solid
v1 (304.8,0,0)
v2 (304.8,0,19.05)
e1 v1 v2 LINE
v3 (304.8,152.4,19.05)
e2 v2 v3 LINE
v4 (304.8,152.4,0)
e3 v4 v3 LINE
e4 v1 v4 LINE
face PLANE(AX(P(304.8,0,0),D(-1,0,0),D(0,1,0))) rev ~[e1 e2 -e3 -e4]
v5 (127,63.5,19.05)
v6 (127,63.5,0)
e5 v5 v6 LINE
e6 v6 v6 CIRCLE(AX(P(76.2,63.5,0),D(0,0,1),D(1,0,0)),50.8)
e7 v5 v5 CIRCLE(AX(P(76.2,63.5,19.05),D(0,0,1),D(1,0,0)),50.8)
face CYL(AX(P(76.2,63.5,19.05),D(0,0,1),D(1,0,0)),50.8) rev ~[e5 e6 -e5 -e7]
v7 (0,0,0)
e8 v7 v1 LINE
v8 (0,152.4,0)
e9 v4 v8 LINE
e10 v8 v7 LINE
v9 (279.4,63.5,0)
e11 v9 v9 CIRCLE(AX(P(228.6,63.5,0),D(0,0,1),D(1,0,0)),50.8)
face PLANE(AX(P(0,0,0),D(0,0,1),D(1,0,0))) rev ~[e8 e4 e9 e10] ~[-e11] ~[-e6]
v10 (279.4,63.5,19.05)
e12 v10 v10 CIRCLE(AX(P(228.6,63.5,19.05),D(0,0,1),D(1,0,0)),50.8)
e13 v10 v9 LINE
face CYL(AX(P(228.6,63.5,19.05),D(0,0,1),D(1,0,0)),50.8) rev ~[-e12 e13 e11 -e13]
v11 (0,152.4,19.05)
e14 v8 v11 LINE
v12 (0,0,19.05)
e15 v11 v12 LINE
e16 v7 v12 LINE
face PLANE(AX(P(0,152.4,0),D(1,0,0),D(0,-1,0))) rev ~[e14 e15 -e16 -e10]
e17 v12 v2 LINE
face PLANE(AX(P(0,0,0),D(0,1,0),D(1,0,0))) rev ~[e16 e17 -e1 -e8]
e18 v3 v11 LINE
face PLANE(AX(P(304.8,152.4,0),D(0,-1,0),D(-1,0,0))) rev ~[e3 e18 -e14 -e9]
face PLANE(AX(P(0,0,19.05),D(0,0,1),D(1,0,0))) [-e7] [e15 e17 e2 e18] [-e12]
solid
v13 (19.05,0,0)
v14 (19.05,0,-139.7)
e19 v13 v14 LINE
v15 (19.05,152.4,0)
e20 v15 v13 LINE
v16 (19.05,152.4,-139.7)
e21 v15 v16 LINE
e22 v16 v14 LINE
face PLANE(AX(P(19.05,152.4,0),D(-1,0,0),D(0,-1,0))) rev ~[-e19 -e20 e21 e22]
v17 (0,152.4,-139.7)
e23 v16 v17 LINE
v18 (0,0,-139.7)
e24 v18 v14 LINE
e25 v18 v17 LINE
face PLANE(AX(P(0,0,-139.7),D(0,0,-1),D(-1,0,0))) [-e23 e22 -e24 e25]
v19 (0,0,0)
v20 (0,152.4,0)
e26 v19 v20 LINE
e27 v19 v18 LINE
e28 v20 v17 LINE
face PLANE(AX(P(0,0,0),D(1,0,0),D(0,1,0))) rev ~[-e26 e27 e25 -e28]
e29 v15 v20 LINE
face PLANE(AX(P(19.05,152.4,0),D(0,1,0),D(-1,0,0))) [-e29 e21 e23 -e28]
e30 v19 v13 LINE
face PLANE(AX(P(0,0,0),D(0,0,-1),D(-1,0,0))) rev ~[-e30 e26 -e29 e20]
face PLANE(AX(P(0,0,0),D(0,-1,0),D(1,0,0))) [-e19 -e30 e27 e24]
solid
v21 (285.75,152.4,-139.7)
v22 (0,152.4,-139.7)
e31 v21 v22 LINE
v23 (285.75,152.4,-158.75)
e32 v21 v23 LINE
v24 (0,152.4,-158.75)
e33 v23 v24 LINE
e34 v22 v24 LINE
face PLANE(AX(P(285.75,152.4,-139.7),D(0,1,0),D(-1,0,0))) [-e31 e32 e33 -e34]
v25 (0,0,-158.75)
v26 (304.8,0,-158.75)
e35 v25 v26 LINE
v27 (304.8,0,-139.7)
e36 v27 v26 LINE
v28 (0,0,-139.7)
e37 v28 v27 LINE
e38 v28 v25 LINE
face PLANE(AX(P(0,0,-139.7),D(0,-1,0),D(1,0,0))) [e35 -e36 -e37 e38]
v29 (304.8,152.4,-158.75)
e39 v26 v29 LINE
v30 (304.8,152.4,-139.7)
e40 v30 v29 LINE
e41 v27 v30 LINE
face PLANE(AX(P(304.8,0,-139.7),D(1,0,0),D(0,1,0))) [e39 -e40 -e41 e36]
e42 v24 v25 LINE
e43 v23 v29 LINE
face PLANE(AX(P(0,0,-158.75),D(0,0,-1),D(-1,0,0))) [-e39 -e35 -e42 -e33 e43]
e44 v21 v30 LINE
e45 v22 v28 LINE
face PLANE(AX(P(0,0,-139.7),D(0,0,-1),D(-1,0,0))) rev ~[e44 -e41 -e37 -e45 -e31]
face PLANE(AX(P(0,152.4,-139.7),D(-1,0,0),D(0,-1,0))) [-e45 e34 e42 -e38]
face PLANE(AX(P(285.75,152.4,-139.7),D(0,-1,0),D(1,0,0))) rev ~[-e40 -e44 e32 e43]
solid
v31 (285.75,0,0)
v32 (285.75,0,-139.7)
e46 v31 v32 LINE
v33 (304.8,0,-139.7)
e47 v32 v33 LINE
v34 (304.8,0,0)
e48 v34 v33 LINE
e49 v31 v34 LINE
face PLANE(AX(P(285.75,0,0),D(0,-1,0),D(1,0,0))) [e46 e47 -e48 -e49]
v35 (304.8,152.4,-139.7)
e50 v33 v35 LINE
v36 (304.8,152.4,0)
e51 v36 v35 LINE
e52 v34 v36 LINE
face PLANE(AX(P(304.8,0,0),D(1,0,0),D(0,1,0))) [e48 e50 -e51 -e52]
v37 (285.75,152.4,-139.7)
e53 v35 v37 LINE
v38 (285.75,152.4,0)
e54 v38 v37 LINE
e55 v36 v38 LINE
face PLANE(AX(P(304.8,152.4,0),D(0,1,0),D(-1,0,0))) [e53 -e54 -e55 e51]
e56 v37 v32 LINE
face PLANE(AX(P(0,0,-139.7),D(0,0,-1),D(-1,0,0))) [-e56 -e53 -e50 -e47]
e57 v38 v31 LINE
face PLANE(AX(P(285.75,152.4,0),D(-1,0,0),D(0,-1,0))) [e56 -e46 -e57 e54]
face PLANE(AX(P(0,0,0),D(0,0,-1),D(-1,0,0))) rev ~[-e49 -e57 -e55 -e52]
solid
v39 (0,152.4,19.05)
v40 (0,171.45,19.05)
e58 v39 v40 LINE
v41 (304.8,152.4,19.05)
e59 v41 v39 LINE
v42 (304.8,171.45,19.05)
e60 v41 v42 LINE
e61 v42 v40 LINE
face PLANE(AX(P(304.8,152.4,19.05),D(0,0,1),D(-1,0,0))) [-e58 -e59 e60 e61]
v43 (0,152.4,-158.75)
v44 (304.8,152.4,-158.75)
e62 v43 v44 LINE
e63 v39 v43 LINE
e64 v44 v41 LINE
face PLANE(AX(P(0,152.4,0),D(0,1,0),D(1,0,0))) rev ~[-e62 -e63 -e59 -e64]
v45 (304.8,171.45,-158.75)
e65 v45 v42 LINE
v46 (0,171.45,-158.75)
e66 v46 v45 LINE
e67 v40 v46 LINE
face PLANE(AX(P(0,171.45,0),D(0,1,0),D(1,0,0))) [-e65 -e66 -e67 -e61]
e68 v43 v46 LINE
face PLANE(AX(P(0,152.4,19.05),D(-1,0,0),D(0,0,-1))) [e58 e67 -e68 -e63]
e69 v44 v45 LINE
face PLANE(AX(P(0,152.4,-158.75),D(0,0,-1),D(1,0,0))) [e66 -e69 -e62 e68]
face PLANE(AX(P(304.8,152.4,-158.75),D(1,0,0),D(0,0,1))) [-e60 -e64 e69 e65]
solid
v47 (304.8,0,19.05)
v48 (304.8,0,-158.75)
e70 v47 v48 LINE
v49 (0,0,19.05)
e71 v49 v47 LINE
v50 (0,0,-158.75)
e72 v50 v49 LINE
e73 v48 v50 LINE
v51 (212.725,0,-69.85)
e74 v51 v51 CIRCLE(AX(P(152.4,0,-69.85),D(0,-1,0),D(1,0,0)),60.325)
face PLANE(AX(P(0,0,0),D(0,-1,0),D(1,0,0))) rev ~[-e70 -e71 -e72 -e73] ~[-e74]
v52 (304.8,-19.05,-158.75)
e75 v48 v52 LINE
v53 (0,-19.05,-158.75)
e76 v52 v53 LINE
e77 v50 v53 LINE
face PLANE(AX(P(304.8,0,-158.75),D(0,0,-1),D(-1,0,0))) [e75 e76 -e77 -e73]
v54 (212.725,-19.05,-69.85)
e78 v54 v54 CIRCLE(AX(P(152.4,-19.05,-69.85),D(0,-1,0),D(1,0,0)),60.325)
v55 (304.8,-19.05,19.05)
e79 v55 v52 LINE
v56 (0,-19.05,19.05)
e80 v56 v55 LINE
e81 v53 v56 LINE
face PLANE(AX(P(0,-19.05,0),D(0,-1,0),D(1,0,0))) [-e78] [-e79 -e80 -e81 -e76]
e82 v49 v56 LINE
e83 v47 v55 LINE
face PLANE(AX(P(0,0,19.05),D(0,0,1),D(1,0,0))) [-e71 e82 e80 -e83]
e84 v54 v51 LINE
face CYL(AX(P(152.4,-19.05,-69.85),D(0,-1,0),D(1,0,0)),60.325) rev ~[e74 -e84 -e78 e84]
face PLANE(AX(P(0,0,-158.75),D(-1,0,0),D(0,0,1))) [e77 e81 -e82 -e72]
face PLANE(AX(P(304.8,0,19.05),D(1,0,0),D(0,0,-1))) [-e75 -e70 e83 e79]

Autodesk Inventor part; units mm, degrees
ref_plane "YZ Plane" through (0, 0, 0) normal (1, 0, 0) x (0, 1, 0)
ref_plane "XZ Plane" through (0, 0, 0) normal (0, 1, 0) x (-1, 0, 0)
ref_plane "XY Plane" through (0, 0, 0) normal (0, 0, 1) x (1, 0, 0)
sketch "Sketch3" plane through (0, 0, 0) normal (0, 0, 1) x (1, 0, 0)
  line L0 (0, 0) -> (304.8, 0)
  line L1 (304.8, 0) -> (304.8, 152.4)
  line L2 (304.8, 152.4) -> (0, 152.4)
  line L3 (0, 152.4) -> (0, 0)
  dimension "d12" = 304.8
  dimension "d13" = 152.4
extrude "Extrusion3" add sketch "Sketch3" along normal blind 19.05
sketch "Sketch4" plane through (0, 0, 19.05) normal (0, 0, 1) x (1, 0, 0)
  circle A0 centre (76.2, 63.5) radius 50.8
  circle A1 centre (228.6, 63.5) radius 50.8
  line L0 (0, 152.4) -> (0, 0) projected
  line L1 (304.8, 152.4) -> (0, 152.4) projected
  line L2 (304.8, 0) -> (304.8, 152.4) projected
  dimension "d16" = 101.6
  dimension "d17" = 101.6
  dimension "d18" = 76.2
  dimension "d19" = 88.9
  dimension "d20" = 88.9
  dimension "d21" = 76.2
extrude "Extrusion4" cut sketch "Sketch4" against normal blind 25.4
sketch "Sketch5" plane through (0, 152.4, 0) normal (0, 1, 0) x (1, 0, 0)
  line L0 (304.8, -19.05) -> (0, -19.05) projected
  line L1 (304.8, -19.05) -> (0, -19.05)
  line L2 (0, -19.05) -> (0, 158.75)
  line L3 (0, 158.75) -> (304.8, 158.75)
  line L4 (304.8, 158.75) -> (304.8, -19.05)
  point P0 (0, 0)
  dimension "d24" = 177.8
extrude "Extrusion5" add sketch "Sketch5" along normal blind 19.05 separate body
sketch "Sketch6" plane through (0, 0, 0) normal (0, -1, 0) x (1, 0, 0)
  line L0 (0, -158.75) -> (0, 19.05) projected
  line L1 (304.8, 19.05) -> (304.8, -158.75) projected
  line L2 (0, 19.05) -> (304.8, 19.05)
  line L3 (304.8, 19.05) -> (304.8, -158.75)
  line L4 (304.8, -158.75) -> (0, -158.75)
  line L5 (0, -158.75) -> (0, 19.05)
  point P0 (0, 0)
extrude "Extrusion6" add sketch "Sketch6" along normal blind 19.05 separate body
sketch "Sketch7" plane through (0, -19.05, 0) normal (0, -1, 0) x (1, 0, 0)
  circle A0 centre (152.4, -69.85) radius 60.325
  line L0 (0, 19.05) -> (0, -158.75) projected
  line L1 (304.8, -158.75) -> (0, -158.75) projected
  point P0 (0, 0)
  dimension "d29" = 120.65
  dimension "d30" = 152.4
  dimension "d31" = 88.9
extrude "Extrusion7" cut sketch "Sketch7" against normal blind 25.4 bodies 3
sketch "Sketch8" plane through (0, 0, 0) normal (0, 0, -1) x (-1, 0, 0)
  line L0 (-304.8, 152.4) -> (0, 152.4) projected
  line L1 (0, 0) -> (-304.8, 0) projected
  line L2 (0, 152.4) -> (-19.05, 152.4)
  line L3 (-19.05, 152.4) -> (-19.05, 0)
  line L4 (-19.05, 0) -> (0, 0)
  line L5 (0, 0) -> (0, 152.4)
  dimension "d34" = 19.05
extrude "Extrusion8" add sketch "Sketch8" along normal blind 139.7 separate body
sketch "Sketch9" plane through (0, 0, 0) normal (0, 0, -1) x (-1, 0, 0)
  line L0 (0, 0) -> (-304.8, 0) projected
  line L1 (-304.8, 152.4) -> (-285.75, 152.4)
  line L2 (-285.75, 152.4) -> (-285.75, 0)
  line L3 (-285.75, 0) -> (-304.8, 0)
  line L4 (-304.8, 0) -> (-304.8, 152.4)
  dimension "d37" = 19.05
extrude "Extrusion9" add sketch "Sketch9" along normal blind 139.7 separate body
sketch "Sketch10" plane through (0, 0, -139.7) normal (0, 0, -1) x (-1, 0, 0)
  line L0 (-285.75, 152.4) -> (-304.8, 152.4) projected
  line L1 (-304.8, 152.4) -> (0, 152.4)
  line L2 (0, 152.4) -> (0, 0)
  line L3 (0, 0) -> (-304.8, 0)
  line L4 (-304.8, 0) -> (-304.8, 152.4)
extrude "Extrusion10" add sketch "Sketch10" along normal blind 19.05 separate body
properties part number "Front"
